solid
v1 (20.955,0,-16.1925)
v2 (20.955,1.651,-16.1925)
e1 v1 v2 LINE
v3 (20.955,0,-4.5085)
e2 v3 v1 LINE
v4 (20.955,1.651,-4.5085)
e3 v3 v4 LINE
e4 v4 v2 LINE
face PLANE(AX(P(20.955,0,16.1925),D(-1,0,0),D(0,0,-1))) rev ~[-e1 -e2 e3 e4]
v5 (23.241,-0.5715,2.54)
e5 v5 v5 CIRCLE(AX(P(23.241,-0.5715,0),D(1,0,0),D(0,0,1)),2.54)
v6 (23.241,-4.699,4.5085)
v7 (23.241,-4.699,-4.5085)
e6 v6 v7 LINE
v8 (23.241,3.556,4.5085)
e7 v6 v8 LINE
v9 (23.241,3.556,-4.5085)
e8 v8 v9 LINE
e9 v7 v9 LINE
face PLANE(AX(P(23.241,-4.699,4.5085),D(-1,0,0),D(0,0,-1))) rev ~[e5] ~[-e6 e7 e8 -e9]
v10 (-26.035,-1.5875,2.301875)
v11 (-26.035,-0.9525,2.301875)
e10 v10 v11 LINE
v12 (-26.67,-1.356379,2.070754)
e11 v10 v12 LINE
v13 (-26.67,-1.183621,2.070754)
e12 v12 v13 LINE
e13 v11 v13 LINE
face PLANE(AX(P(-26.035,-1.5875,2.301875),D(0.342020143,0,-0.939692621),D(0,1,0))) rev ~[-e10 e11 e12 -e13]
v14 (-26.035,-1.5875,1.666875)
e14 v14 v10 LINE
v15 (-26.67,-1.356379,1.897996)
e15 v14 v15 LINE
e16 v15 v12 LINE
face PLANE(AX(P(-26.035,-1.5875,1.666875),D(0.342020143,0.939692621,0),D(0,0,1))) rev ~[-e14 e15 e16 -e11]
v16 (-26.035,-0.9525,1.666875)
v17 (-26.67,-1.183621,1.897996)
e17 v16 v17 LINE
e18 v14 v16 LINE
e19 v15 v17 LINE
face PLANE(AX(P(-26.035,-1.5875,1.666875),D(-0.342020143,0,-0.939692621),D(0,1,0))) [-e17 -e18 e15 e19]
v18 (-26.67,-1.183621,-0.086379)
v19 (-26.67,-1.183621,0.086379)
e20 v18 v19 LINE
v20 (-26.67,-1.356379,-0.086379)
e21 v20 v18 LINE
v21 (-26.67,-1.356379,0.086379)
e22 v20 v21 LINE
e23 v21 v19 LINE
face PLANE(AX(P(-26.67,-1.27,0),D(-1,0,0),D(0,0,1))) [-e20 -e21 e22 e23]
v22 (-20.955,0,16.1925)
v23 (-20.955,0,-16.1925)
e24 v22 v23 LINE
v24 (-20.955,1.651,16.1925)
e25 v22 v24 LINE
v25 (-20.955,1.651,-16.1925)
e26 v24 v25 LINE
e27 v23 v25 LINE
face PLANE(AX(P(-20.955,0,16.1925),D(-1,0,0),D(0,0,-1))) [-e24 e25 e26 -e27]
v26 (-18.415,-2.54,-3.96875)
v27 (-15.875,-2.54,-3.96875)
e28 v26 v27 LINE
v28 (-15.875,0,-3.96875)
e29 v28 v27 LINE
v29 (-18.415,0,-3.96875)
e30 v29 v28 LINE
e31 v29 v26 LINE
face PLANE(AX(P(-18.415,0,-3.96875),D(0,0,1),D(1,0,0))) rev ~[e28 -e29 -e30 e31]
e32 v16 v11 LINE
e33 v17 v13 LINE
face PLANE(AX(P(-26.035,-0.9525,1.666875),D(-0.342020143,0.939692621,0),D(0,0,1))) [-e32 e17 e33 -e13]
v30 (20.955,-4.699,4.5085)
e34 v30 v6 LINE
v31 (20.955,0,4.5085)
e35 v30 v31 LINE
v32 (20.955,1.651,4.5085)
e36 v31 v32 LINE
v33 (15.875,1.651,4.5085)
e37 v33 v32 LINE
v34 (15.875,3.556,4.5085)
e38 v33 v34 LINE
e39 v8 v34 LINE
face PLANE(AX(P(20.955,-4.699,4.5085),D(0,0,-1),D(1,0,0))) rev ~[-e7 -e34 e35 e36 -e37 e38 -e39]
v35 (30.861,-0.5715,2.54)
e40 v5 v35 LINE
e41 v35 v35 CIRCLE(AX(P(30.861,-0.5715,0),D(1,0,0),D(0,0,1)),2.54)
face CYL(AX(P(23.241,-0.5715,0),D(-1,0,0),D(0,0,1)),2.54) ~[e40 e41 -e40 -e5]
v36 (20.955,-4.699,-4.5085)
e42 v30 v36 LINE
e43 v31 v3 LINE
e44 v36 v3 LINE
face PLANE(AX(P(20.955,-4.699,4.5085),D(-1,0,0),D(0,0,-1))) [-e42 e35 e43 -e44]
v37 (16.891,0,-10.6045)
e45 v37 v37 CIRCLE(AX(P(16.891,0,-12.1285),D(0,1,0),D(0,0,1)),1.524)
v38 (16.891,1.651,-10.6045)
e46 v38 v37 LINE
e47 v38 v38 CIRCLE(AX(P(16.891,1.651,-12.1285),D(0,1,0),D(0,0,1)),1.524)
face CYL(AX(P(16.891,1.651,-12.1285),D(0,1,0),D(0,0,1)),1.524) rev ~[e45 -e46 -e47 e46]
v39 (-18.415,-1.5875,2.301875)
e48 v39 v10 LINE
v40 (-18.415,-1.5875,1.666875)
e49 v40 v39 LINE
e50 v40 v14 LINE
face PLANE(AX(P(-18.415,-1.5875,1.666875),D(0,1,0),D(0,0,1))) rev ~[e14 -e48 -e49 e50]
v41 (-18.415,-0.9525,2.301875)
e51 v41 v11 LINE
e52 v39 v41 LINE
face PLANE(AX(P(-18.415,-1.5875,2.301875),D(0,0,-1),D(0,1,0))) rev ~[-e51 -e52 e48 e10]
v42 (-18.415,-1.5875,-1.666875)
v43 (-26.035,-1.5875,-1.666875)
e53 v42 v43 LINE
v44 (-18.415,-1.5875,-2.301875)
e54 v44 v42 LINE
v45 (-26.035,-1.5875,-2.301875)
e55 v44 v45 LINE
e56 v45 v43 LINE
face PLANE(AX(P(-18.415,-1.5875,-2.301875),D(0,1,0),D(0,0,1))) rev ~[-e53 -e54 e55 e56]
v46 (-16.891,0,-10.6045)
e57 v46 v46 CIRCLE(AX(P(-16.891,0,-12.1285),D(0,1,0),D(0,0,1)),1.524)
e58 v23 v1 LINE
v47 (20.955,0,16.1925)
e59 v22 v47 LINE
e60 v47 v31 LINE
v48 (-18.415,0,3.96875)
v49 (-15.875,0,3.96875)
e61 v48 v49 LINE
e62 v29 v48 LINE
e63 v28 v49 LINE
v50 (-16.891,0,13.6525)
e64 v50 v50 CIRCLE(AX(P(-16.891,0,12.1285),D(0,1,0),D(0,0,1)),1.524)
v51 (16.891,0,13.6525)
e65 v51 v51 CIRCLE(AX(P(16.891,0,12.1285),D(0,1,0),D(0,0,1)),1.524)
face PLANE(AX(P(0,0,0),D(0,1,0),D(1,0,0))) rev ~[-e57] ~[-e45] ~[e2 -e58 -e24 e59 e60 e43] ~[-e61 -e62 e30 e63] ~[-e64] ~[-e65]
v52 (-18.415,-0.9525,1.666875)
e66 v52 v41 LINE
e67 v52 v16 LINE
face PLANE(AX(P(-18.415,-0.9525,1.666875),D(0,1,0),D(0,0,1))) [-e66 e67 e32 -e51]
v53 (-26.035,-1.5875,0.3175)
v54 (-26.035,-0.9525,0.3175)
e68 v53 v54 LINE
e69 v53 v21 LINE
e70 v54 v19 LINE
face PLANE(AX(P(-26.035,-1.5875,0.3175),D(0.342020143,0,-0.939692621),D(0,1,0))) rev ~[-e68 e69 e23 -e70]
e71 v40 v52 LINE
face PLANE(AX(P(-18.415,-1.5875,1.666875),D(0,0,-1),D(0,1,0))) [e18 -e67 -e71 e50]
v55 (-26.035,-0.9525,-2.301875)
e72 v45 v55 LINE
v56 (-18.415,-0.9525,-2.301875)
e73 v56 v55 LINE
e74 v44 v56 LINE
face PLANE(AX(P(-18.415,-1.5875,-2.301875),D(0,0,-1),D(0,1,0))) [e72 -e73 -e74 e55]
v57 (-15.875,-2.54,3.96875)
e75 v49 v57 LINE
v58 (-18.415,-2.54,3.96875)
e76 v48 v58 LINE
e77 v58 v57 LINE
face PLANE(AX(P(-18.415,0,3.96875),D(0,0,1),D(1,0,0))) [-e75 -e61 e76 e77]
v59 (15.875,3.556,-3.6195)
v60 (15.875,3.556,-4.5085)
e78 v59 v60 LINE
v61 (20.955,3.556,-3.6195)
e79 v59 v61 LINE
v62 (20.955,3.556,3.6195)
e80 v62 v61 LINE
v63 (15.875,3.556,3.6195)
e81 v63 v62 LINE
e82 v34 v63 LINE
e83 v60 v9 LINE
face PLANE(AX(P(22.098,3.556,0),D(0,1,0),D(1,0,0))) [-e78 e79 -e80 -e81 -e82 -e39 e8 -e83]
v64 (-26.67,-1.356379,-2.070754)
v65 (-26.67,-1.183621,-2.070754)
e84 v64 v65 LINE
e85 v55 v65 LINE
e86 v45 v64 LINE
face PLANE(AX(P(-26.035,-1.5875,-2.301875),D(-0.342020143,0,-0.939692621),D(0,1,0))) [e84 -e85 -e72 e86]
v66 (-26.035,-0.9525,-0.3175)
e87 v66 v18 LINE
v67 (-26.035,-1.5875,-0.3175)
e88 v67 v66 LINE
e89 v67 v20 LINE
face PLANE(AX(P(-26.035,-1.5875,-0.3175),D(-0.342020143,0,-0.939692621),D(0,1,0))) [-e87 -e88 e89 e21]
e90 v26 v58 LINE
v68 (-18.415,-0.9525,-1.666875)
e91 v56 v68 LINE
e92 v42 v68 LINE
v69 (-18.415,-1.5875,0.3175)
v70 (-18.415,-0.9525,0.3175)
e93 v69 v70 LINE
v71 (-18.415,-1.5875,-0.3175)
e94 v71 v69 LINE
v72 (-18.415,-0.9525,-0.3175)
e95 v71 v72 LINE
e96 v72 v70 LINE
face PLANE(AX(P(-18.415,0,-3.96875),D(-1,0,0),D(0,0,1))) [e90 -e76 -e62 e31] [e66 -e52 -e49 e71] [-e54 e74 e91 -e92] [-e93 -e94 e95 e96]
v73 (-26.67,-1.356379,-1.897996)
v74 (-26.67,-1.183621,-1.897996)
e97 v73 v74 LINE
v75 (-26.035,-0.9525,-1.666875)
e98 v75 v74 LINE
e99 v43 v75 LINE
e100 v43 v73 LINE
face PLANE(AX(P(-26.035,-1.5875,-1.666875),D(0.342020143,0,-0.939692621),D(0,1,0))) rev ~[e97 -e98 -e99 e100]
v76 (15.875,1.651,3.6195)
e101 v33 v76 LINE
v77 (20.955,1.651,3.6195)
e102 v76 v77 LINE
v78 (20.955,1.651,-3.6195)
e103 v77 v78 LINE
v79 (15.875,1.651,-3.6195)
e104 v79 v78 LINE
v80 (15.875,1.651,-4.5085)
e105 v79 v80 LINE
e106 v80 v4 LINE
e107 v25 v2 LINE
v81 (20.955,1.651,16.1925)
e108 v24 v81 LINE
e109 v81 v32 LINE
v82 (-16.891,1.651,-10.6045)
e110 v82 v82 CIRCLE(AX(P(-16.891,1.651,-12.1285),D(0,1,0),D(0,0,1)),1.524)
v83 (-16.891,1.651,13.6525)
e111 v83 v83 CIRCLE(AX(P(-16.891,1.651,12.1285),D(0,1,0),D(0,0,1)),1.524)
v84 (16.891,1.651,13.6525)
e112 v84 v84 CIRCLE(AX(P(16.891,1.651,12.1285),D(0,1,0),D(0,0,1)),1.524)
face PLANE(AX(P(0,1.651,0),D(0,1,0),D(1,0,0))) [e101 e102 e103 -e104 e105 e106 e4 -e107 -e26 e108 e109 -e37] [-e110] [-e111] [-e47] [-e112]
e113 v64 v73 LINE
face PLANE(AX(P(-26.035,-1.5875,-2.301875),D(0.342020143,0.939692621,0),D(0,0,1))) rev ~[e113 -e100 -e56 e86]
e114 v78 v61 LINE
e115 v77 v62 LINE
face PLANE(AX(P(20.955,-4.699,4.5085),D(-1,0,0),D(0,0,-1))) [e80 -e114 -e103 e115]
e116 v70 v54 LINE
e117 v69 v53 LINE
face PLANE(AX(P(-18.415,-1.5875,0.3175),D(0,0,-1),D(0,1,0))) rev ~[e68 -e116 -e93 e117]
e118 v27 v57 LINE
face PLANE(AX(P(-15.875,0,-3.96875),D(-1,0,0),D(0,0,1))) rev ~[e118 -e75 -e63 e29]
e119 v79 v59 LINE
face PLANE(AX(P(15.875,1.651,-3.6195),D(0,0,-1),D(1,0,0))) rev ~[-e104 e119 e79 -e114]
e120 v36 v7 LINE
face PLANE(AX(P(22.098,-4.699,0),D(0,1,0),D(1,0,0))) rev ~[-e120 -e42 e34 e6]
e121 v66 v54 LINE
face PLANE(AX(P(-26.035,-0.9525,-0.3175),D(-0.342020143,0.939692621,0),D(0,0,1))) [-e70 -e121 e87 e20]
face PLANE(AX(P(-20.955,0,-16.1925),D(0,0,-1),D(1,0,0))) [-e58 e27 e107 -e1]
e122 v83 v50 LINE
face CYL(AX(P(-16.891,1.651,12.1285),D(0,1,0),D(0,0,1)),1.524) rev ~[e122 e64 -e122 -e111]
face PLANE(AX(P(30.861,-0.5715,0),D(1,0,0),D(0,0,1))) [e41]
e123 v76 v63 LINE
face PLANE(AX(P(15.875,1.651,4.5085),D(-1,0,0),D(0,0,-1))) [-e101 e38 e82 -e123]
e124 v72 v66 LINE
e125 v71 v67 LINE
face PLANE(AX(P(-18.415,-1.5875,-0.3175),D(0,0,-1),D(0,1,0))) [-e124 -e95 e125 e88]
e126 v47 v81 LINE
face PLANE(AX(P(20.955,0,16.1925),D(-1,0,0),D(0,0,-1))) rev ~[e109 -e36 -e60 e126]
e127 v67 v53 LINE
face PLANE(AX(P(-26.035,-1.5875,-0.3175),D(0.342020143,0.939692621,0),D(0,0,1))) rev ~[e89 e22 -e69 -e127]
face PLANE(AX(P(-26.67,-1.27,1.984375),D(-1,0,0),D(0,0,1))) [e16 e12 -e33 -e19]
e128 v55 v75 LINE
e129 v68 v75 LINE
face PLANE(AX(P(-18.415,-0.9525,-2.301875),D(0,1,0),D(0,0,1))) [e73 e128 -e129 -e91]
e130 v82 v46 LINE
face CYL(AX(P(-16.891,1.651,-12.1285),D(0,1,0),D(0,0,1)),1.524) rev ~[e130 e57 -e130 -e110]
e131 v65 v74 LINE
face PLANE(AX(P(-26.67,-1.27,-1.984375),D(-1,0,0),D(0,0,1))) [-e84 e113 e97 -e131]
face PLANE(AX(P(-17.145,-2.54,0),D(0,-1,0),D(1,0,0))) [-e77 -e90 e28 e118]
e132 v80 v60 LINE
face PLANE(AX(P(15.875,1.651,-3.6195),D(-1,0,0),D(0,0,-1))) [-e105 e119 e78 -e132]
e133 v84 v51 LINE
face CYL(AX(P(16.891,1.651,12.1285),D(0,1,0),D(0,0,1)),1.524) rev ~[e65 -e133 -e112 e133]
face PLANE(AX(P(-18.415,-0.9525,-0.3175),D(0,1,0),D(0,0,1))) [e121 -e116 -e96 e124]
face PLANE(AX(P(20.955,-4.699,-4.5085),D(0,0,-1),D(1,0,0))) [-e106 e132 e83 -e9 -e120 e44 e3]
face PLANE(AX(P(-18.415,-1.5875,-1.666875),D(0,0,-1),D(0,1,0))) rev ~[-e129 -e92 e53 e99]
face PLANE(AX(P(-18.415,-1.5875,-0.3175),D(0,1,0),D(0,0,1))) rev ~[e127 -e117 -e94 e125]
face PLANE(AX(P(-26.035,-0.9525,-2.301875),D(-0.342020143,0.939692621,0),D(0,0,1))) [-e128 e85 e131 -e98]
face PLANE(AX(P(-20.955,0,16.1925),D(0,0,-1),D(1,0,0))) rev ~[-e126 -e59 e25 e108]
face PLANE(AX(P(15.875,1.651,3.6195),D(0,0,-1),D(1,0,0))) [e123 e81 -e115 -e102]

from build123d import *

# Parameters (mm, degrees)
SKETCH1_W                     = 41.91
SKETCH1_H                     = 32.385
BOSS_EXTRUDE1_DEPTH           = 1.651
SKETCH2_R                     = 1.524
CUT_EXTRUDE1_DEPTH            = 27.533655652
SKETCH3_W                     = 5.08
SKETCH3_H                     = 0.889
BOSS_EXTRUDE2_DEPTH           = 1.905
BOSS_EXTRUDE3_DEPTH           = 1.905
BOSS_EXTRUDE3_DEPTH_BACK      = 6.35
SKETCH4_W                     = 2.286
SKETCH4_H                     = 9.017
SKETCH5_R                     = 2.54
BOSS_EXTRUDE4_DEPTH           = 7.62
SKETCH6_W                     = 2.54
SKETCH6_H                     = 7.9375
BOSS_EXTRUDE5_DEPTH           = 2.54
SKETCH7_W                     = 0.635
SKETCH7_H                     = 0.635
BOSS_EXTRUDE6_DEPTH           = 7.62
SKETCH8_W                     = 0.635
SKETCH8_H                     = 0.635
BOSS_EXTRUDE7_DEPTH           = 0.635
BOSS_EXTRUDE7_DRAFT           = 20
BOSS_EXTRUDE7_PROFILE_2_DEPTH = 0.635
BOSS_EXTRUDE7_PROFILE_2_DRAFT = 20
BOSS_EXTRUDE7_PROFILE_3_DEPTH = 0.635
BOSS_EXTRUDE7_PROFILE_3_DRAFT = 20


with BuildPart() as part:
    # Sketch1 → Boss-Extrude1 (new body)
    with BuildSketch(Plane(origin=(0, 0, 0), x_dir=(1, 0, 0), z_dir=(0, 1, 0))):
        Rectangle(SKETCH1_W, SKETCH1_H)
    extrude(amount=BOSS_EXTRUDE1_DEPTH)

    # Sketch2 → Cut-Extrude1 (cut, through all)
    with BuildSketch(Plane(origin=(0, 1.651, 0), x_dir=(1, 0, 0), z_dir=(0, 1, 0))):
        with Locations(Location((-16.891, 12.1285, 0), (0, 0, 270))):
            Circle(SKETCH2_R)
        with Locations(Location((16.891, 12.1285, 0), (0, 0, 270))):
            Circle(SKETCH2_R)
        with Locations(Location((-16.891, -12.1285, 0), (0, 0, 270))):
            Circle(SKETCH2_R)
        with Locations(Location((16.891, -12.1285, 0), (0, 0, 270))):
            Circle(SKETCH2_R)
    extrude(amount=-CUT_EXTRUDE1_DEPTH, mode=Mode.SUBTRACT)

    # Sketch3 → Boss-Extrude2 (add)
    with BuildSketch(Plane(origin=(0, 1.651, 0), x_dir=(1, 0, 0), z_dir=(0, 1, 0))):
        with Locations((18.415, 4.064)):
            Rectangle(SKETCH3_W, SKETCH3_H)
        with Locations((18.415, -4.064)):
            Rectangle(SKETCH3_W, SKETCH3_H)
    extrude(amount=BOSS_EXTRUDE2_DEPTH)

    # Sketch4 → Boss-Extrude3 (add, two sides: drawn at the far end of the back side and taken through both)
    with BuildSketch(Plane(origin=(0, 1.651, 0), x_dir=(1, 0, 0), z_dir=(0, 1, 0)).offset(-BOSS_EXTRUDE3_DEPTH_BACK)):
        with Locations((22.098, 0)):
            Rectangle(SKETCH4_W, SKETCH4_H)
    extrude(amount=BOSS_EXTRUDE3_DEPTH + BOSS_EXTRUDE3_DEPTH_BACK)

    # Sketch5 → Boss-Extrude4 (add)
    with BuildSketch(Plane(origin=(23.241, 0, 0), x_dir=(0, 0, -1), z_dir=(1, 0, 0))):
        with Locations(Location((0, -0.5715, 0), (0, 0, 180))):
            Circle(SKETCH5_R)
    extrude(amount=BOSS_EXTRUDE4_DEPTH)

    # Sketch6 → Boss-Extrude5 (add)
    with BuildSketch(Plane.XZ):
        with Locations((-17.145, 0)):
            Rectangle(SKETCH6_W, SKETCH6_H)
    extrude(amount=BOSS_EXTRUDE5_DEPTH)

    # Sketch7 → Boss-Extrude6 (add)
    with BuildSketch(Plane.ZY.offset(18.415)):
        with Locations((1.984375, -1.27)):
            Rectangle(SKETCH7_W, SKETCH7_H)
        with Locations((0, -1.27)):
            Rectangle(SKETCH7_W, SKETCH7_H)
        with Locations((-1.984375, -1.27)):
            Rectangle(SKETCH7_W, SKETCH7_H)
    extrude(amount=BOSS_EXTRUDE6_DEPTH)


with BuildPart() as boss_extrude7_tool:
    # Sketch8 → Boss-Extrude7 (with draft: the straight prism first)
    with BuildSketch(Plane.ZY.offset(26.035)):
        with Locations((-1.984375, -1.27)):
            Rectangle(SKETCH8_W, SKETCH8_H)
    extrude(amount=BOSS_EXTRUDE7_DEPTH)
    # Boss-Extrude7: the draft: its side faces are tilted about the plane it starts from
    boss_extrude7_sides = [boss_extrude7_tool.faces().sort_by_distance(p)[0] for p in [
        (-26.3525, -1.27, -2.301875),
        (-26.3525, -1.5875, -1.984375),
        (-26.3525, -1.27, -1.666875),
        (-26.3525, -0.9525, -1.984375),
    ]]
    draft(boss_extrude7_sides, Plane.ZY.offset(26.035), BOSS_EXTRUDE7_DRAFT)


with BuildPart() as part_1:
    add(part.part)

    # Boss-Extrude7: add boss_extrude7_tool
    add(boss_extrude7_tool.part)


with BuildPart() as boss_extrude7_profile_2_tool:
    # Sketch8 → Boss-Extrude7 profile 2 (with draft: the straight prism first)
    with BuildSketch(Plane.ZY.offset(26.035)):
        with Locations((0, -1.27)):
            Rectangle(SKETCH8_W, SKETCH8_H)
    extrude(amount=BOSS_EXTRUDE7_PROFILE_2_DEPTH)
    # Boss-Extrude7 profile 2: the draft: its side faces are tilted about the plane it starts from
    boss_extrude7_profile_2_sides = [boss_extrude7_profile_2_tool.faces().sort_by_distance(p)[0] for p in [
        (-26.3525, -1.27, -0.3175),
        (-26.3525, -1.5875, 0),
        (-26.3525, -1.27, 0.3175),
        (-26.3525, -0.9525, 0),
    ]]
    draft(boss_extrude7_profile_2_sides, Plane.ZY.offset(26.035), BOSS_EXTRUDE7_PROFILE_2_DRAFT)


with BuildPart() as part_2:
    add(part_1.part)

    # Boss-Extrude7 profile 2: add boss_extrude7_profile_2_tool
    add(boss_extrude7_profile_2_tool.part)


with BuildPart() as boss_extrude7_profile_3_tool:
    # Sketch8 → Boss-Extrude7 profile 3 (with draft: the straight prism first)
    with BuildSketch(Plane.ZY.offset(26.035)):
        with Locations((1.984375, -1.27)):
            Rectangle(SKETCH8_W, SKETCH8_H)
    extrude(amount=BOSS_EXTRUDE7_PROFILE_3_DEPTH)
    # Boss-Extrude7 profile 3: the draft: its side faces are tilted about the plane it starts from
    boss_extrude7_profile_3_sides = [boss_extrude7_profile_3_tool.faces().sort_by_distance(p)[0] for p in [
        (-26.3525, -1.27, 1.666875),
        (-26.3525, -1.5875, 1.984375),
        (-26.3525, -1.27, 2.301875),
        (-26.3525, -0.9525, 1.984375),
    ]]
    draft(boss_extrude7_profile_3_sides, Plane.ZY.offset(26.035), BOSS_EXTRUDE7_PROFILE_3_DRAFT)


with BuildPart() as part_3:
    add(part_2.part)

    # Boss-Extrude7 profile 3: add boss_extrude7_profile_3_tool
    add(boss_extrude7_profile_3_tool.part)


solid = part_3.part
